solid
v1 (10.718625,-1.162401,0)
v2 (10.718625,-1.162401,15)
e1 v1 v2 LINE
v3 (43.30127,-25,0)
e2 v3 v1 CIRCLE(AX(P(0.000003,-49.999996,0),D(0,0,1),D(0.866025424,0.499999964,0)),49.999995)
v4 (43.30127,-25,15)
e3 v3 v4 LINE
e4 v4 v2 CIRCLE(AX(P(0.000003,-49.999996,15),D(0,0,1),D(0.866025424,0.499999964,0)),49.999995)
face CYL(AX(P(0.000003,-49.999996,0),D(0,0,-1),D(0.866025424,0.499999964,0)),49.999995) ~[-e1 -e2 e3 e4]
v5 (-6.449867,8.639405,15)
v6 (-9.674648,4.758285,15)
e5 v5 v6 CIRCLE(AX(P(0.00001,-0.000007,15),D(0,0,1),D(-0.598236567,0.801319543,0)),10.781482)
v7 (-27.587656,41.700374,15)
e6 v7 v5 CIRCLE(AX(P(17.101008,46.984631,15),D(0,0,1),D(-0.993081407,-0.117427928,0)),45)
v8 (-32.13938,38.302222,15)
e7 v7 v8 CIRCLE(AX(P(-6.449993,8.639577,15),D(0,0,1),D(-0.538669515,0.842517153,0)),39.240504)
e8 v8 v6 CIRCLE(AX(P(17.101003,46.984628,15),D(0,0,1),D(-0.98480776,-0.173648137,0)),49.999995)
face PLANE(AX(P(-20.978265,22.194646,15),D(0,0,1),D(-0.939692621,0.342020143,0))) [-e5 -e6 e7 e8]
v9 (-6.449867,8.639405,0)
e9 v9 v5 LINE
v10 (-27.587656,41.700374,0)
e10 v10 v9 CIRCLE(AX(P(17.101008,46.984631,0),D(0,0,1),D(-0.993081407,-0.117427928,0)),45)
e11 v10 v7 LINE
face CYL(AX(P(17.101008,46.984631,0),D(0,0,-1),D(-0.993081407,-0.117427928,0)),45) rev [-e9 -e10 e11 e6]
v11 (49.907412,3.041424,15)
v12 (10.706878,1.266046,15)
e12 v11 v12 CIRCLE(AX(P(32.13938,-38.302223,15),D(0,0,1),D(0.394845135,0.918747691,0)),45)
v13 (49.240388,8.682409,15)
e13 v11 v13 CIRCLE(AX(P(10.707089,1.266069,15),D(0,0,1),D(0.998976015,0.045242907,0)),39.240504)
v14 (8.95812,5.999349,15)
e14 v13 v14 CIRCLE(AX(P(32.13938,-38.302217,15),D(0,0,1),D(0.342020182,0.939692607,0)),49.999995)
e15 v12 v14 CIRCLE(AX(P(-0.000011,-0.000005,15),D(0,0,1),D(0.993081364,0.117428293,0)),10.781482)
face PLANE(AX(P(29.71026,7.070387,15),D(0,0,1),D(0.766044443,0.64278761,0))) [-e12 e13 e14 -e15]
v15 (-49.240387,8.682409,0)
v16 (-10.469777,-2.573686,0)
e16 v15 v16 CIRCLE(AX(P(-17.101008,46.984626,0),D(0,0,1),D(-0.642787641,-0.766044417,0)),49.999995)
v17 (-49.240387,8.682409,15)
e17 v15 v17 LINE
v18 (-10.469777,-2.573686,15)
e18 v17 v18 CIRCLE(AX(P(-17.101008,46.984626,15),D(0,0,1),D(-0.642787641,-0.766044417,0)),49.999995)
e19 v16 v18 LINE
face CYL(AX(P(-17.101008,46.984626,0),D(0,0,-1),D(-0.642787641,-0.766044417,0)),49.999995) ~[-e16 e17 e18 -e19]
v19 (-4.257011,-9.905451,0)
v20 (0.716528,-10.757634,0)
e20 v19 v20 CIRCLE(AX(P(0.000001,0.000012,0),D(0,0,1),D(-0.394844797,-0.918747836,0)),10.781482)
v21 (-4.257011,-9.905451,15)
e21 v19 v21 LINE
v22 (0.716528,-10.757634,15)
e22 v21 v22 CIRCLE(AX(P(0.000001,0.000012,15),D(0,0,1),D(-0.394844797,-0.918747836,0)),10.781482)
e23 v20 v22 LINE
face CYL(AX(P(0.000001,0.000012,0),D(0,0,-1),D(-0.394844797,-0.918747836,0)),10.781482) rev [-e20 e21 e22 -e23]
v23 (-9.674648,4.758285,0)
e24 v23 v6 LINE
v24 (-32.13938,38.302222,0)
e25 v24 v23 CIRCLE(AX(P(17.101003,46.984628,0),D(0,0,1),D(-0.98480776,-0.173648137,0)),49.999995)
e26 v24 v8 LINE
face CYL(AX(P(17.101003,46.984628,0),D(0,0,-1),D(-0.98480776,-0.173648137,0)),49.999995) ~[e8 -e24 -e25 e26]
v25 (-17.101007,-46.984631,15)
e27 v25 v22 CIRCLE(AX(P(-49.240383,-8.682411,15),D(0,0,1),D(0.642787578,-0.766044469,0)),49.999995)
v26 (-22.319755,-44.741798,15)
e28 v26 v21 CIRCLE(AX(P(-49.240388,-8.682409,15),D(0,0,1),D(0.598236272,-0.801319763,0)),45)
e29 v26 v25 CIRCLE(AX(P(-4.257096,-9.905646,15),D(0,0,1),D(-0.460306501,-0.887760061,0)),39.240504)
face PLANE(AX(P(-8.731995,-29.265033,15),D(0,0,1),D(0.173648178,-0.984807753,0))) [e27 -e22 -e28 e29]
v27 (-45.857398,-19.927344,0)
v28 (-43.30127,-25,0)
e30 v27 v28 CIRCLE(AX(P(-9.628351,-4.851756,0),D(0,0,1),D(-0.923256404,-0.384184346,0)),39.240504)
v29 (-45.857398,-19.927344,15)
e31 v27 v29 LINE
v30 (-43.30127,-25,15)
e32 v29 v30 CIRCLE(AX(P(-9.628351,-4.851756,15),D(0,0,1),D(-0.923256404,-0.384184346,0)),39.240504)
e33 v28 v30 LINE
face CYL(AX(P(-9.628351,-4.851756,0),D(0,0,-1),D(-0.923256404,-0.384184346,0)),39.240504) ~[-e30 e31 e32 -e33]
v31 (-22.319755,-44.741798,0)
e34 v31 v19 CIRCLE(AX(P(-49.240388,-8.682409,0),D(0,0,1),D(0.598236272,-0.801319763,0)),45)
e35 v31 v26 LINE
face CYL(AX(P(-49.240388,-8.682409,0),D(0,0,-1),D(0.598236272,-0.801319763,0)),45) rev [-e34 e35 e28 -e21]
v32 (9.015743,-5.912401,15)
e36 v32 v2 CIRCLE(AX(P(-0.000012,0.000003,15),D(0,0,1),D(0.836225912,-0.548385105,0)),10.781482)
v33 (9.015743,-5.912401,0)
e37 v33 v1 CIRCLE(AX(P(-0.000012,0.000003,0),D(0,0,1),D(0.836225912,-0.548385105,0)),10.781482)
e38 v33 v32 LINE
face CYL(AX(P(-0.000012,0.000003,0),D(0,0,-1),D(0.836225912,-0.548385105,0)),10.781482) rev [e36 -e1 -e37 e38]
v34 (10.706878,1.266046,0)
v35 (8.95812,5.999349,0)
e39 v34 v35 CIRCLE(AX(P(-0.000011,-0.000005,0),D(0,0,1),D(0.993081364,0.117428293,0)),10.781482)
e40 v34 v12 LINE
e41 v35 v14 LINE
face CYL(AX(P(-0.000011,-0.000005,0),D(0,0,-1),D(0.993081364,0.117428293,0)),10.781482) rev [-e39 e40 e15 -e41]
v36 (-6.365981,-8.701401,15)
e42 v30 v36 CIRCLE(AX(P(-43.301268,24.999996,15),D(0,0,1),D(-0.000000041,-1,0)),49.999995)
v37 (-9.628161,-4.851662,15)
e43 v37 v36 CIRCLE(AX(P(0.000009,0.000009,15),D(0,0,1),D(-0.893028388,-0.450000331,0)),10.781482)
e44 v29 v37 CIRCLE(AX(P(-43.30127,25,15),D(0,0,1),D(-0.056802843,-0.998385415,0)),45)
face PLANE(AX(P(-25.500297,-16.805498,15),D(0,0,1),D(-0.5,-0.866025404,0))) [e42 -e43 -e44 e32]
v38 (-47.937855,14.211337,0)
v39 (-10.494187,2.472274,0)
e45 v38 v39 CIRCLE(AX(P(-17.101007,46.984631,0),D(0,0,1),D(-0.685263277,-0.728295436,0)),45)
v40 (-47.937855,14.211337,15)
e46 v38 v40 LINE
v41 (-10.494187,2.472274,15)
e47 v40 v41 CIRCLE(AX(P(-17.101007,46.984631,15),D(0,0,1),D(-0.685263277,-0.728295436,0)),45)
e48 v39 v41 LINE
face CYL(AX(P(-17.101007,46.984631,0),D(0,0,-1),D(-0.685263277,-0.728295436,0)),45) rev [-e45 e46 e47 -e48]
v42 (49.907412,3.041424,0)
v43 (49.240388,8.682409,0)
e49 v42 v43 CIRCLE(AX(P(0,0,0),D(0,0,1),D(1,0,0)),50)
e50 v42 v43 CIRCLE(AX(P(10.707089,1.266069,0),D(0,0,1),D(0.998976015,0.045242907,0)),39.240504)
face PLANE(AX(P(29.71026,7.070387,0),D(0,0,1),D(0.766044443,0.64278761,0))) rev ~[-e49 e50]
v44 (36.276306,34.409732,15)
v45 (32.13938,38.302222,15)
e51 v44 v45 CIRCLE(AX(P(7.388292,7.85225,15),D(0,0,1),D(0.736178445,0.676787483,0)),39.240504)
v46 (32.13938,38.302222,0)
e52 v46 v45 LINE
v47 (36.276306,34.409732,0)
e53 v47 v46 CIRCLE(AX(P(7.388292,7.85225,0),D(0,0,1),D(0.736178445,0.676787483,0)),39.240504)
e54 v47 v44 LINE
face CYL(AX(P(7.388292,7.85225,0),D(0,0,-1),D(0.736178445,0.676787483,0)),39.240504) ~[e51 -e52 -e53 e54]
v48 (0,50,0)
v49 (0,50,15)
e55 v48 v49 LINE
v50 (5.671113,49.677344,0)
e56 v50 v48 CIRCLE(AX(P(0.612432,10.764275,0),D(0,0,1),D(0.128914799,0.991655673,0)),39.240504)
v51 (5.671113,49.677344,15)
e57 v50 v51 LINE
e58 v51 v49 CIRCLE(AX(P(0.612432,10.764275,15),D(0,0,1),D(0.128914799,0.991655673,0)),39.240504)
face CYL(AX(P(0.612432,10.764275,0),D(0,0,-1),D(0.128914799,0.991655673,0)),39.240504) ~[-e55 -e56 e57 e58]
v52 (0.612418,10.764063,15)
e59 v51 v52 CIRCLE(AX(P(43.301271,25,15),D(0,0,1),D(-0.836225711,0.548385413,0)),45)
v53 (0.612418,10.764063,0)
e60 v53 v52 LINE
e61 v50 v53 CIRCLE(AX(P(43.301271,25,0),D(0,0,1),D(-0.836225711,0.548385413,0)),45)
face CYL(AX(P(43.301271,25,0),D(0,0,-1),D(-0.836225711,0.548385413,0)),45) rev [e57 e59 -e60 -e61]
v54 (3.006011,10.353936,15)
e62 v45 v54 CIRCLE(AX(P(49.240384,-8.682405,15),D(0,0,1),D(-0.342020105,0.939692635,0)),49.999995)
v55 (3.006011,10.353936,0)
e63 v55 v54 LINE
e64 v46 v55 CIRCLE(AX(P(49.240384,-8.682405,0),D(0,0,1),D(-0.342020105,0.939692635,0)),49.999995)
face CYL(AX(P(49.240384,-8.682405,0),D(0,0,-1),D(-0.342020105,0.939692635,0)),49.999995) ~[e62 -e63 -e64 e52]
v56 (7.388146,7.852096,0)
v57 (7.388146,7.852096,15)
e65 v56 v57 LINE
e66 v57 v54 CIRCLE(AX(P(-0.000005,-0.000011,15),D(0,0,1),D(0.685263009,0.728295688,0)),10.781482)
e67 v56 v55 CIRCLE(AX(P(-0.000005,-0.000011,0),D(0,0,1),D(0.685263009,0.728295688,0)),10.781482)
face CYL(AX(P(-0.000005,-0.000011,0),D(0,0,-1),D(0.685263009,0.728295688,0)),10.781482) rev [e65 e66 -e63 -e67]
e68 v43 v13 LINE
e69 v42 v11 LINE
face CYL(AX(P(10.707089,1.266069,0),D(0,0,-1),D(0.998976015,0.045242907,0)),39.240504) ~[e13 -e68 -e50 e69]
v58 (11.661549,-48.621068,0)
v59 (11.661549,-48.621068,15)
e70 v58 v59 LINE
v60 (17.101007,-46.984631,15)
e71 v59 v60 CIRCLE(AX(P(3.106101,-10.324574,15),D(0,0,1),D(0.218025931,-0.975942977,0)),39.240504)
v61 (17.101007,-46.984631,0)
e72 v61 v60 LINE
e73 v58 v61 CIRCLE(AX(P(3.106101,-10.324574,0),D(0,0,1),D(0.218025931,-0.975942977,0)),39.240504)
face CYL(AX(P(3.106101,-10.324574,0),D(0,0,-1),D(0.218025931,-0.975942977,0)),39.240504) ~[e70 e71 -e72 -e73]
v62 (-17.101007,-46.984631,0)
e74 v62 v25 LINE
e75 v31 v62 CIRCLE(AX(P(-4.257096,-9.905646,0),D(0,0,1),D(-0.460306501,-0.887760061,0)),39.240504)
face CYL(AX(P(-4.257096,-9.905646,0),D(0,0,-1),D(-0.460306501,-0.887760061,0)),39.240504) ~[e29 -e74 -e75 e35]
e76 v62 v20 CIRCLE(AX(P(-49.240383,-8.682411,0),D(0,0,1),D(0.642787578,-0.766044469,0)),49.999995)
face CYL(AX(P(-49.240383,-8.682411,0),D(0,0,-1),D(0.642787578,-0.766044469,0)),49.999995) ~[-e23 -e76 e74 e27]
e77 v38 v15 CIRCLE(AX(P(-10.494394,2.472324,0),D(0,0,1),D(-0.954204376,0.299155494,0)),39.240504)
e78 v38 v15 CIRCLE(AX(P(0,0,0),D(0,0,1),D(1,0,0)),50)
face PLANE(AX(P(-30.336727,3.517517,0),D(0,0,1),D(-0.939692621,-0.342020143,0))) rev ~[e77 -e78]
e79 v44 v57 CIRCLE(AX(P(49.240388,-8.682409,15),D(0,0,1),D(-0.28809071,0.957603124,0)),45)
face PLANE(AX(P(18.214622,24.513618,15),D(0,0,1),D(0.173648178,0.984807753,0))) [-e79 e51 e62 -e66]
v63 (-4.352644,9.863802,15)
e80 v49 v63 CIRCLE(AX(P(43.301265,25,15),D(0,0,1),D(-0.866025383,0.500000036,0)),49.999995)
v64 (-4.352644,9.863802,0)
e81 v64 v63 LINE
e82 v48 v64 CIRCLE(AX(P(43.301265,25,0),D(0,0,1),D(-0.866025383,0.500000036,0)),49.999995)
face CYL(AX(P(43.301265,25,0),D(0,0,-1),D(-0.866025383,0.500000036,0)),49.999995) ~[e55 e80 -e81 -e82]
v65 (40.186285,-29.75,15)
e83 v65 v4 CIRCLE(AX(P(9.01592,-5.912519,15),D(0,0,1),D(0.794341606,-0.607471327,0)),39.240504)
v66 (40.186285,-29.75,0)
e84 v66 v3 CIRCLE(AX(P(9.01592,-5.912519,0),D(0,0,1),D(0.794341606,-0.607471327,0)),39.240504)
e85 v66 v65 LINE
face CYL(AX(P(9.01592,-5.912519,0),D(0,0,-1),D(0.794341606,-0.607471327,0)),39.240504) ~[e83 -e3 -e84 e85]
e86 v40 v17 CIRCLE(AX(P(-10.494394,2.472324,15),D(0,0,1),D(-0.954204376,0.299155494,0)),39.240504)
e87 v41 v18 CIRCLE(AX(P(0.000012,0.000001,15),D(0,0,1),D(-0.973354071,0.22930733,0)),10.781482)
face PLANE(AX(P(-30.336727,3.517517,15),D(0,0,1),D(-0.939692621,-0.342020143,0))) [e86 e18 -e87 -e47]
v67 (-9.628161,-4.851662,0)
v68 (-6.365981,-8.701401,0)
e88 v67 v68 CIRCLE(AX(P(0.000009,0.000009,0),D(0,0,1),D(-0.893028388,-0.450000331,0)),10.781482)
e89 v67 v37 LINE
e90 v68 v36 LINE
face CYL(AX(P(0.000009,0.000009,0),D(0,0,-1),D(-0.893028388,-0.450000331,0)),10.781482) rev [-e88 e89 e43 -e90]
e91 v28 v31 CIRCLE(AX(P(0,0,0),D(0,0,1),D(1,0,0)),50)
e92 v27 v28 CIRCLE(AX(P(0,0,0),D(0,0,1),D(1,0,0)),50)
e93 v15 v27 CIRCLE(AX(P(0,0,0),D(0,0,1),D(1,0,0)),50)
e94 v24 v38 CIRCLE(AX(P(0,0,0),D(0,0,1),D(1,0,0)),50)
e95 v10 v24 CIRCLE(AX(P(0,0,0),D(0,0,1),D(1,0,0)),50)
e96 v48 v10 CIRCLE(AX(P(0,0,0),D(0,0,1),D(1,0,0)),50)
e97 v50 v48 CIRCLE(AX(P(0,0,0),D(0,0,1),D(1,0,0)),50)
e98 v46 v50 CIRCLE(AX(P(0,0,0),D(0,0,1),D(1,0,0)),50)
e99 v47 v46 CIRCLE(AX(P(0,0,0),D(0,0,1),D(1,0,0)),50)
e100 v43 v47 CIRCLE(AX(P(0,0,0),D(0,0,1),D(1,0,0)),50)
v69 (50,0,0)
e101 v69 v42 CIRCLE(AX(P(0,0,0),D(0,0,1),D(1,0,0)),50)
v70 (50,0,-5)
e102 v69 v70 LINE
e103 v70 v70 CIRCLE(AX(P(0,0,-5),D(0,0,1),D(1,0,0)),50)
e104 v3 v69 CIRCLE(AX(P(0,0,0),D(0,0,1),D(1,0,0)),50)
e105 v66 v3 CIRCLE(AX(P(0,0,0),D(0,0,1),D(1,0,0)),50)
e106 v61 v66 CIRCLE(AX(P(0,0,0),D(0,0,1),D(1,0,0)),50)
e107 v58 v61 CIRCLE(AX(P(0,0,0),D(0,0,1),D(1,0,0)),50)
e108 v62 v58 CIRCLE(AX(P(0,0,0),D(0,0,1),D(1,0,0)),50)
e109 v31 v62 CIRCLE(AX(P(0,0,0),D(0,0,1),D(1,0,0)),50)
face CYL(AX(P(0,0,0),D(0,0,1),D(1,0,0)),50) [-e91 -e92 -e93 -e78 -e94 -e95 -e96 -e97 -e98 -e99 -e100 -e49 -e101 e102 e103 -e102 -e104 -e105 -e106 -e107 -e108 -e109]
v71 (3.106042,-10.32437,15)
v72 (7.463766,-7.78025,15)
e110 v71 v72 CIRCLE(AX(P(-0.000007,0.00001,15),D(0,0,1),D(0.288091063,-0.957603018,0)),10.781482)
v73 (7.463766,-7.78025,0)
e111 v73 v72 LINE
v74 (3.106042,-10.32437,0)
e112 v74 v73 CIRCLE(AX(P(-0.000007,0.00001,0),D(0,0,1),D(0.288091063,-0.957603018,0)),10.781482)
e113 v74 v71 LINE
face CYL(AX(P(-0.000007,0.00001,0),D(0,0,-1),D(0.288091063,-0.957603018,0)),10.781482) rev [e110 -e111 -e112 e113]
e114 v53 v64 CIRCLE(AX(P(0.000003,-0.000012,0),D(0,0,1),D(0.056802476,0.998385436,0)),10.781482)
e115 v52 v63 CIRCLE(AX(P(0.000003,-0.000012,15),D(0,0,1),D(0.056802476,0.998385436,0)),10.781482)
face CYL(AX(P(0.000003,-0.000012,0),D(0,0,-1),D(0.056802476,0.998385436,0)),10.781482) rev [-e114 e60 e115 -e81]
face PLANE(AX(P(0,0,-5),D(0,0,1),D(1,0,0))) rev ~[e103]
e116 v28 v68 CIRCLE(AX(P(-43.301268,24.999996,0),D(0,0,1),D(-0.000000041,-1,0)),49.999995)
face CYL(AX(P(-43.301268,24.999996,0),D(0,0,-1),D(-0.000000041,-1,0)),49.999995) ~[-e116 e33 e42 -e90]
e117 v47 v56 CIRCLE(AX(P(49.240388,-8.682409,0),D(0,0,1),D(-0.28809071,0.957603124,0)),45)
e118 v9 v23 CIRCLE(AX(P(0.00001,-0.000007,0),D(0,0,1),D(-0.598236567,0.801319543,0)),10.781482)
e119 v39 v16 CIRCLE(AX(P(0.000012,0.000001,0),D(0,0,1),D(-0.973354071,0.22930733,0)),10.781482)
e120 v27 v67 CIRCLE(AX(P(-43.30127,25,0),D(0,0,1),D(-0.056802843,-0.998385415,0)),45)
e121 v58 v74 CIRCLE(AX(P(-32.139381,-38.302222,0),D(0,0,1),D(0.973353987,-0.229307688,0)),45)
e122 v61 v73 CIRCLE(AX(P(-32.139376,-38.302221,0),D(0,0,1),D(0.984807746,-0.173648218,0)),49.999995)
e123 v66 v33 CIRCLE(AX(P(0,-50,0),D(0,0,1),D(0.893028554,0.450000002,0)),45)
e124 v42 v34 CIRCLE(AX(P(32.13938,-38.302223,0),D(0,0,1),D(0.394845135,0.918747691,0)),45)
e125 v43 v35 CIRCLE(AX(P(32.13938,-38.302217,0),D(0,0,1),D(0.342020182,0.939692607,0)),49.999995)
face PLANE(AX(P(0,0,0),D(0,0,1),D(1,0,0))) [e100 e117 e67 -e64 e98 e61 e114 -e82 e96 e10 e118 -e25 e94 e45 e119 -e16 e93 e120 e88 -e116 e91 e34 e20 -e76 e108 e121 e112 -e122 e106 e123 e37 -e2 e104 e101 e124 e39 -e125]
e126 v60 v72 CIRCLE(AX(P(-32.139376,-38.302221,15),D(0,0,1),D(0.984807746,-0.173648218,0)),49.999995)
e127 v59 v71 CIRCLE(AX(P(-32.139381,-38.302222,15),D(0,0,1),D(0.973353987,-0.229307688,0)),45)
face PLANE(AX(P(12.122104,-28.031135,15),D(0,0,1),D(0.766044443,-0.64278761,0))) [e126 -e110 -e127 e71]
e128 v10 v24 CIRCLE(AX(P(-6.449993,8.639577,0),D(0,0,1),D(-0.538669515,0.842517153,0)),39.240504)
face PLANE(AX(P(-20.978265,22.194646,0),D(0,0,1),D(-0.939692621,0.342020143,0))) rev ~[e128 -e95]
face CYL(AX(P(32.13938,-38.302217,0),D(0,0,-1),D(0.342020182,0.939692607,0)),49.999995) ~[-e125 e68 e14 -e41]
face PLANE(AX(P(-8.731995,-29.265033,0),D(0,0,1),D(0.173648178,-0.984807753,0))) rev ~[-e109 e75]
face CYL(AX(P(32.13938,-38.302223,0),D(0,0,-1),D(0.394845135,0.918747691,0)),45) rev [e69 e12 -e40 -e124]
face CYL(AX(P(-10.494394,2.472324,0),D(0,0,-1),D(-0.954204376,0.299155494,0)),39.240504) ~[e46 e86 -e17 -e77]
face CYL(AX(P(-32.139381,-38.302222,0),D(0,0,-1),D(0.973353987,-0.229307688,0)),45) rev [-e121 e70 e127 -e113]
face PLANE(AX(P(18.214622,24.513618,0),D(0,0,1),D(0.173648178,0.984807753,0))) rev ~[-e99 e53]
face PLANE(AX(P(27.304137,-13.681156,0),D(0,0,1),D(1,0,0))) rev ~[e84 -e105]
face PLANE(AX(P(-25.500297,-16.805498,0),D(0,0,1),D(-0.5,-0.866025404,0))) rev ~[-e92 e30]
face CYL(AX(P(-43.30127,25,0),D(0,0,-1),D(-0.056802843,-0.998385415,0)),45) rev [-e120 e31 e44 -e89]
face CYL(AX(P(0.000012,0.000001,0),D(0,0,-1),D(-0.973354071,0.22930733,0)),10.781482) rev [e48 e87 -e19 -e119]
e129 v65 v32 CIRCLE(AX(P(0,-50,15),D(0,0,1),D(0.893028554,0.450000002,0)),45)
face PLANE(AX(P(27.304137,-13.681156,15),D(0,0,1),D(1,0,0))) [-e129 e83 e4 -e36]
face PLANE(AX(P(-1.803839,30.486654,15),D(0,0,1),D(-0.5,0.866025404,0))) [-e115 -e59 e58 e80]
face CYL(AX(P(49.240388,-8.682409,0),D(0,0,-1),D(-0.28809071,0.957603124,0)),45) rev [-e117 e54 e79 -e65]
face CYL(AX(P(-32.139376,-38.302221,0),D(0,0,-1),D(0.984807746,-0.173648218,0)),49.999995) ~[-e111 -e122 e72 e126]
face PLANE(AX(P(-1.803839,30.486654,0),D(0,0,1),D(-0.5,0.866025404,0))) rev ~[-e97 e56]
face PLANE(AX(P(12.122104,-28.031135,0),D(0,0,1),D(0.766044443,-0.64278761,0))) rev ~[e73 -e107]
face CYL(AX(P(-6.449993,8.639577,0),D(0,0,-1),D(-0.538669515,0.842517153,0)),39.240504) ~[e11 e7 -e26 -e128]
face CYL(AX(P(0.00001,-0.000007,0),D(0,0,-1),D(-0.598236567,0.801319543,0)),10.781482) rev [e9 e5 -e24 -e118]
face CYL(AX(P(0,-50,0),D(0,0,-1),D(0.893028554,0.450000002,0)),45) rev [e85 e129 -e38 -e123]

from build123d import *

# Parameters (mm, degrees)
SKETCH_R           = 50
PAD_DEPTH          = 5
PAD001_DEPTH       = 15
POLARPATTERN_COUNT = 9


with BuildPart() as part:
    # Sketch → Pad (new body)
    with BuildSketch(Plane.XY):
        Circle(SKETCH_R)
    extrude(amount=-PAD_DEPTH)

    # Sketch001 → Pad001 (join)
    with BuildSketch(Plane.XY):
        with BuildLine():
            ThreePointArc((43.30127, -25), (29.522789, -9.6465), (10.718625, -1.162401))
            ThreePointArc((9.015743, -5.912401), (10.148987, -3.638428), (10.718625, -1.162401))
            ThreePointArc((40.186285, -29.75), (27.336197, -14.254618), (9.015743, -5.912401))
            ThreePointArc((40.186285, -29.75), (41.829839, -27.431438), (43.30127, -25))
        make_face()
    pad001 = extrude(amount=PAD001_DEPTH)

    # PolarPattern: Pad001 ×9 about axis
    polarpattern_axis = Axis((0, 0, 0), (0, 0, 1))
    for i in range(1, POLARPATTERN_COUNT):
        add(pad001.rotate(polarpattern_axis, i * 360 / POLARPATTERN_COUNT))


solid = part.part
